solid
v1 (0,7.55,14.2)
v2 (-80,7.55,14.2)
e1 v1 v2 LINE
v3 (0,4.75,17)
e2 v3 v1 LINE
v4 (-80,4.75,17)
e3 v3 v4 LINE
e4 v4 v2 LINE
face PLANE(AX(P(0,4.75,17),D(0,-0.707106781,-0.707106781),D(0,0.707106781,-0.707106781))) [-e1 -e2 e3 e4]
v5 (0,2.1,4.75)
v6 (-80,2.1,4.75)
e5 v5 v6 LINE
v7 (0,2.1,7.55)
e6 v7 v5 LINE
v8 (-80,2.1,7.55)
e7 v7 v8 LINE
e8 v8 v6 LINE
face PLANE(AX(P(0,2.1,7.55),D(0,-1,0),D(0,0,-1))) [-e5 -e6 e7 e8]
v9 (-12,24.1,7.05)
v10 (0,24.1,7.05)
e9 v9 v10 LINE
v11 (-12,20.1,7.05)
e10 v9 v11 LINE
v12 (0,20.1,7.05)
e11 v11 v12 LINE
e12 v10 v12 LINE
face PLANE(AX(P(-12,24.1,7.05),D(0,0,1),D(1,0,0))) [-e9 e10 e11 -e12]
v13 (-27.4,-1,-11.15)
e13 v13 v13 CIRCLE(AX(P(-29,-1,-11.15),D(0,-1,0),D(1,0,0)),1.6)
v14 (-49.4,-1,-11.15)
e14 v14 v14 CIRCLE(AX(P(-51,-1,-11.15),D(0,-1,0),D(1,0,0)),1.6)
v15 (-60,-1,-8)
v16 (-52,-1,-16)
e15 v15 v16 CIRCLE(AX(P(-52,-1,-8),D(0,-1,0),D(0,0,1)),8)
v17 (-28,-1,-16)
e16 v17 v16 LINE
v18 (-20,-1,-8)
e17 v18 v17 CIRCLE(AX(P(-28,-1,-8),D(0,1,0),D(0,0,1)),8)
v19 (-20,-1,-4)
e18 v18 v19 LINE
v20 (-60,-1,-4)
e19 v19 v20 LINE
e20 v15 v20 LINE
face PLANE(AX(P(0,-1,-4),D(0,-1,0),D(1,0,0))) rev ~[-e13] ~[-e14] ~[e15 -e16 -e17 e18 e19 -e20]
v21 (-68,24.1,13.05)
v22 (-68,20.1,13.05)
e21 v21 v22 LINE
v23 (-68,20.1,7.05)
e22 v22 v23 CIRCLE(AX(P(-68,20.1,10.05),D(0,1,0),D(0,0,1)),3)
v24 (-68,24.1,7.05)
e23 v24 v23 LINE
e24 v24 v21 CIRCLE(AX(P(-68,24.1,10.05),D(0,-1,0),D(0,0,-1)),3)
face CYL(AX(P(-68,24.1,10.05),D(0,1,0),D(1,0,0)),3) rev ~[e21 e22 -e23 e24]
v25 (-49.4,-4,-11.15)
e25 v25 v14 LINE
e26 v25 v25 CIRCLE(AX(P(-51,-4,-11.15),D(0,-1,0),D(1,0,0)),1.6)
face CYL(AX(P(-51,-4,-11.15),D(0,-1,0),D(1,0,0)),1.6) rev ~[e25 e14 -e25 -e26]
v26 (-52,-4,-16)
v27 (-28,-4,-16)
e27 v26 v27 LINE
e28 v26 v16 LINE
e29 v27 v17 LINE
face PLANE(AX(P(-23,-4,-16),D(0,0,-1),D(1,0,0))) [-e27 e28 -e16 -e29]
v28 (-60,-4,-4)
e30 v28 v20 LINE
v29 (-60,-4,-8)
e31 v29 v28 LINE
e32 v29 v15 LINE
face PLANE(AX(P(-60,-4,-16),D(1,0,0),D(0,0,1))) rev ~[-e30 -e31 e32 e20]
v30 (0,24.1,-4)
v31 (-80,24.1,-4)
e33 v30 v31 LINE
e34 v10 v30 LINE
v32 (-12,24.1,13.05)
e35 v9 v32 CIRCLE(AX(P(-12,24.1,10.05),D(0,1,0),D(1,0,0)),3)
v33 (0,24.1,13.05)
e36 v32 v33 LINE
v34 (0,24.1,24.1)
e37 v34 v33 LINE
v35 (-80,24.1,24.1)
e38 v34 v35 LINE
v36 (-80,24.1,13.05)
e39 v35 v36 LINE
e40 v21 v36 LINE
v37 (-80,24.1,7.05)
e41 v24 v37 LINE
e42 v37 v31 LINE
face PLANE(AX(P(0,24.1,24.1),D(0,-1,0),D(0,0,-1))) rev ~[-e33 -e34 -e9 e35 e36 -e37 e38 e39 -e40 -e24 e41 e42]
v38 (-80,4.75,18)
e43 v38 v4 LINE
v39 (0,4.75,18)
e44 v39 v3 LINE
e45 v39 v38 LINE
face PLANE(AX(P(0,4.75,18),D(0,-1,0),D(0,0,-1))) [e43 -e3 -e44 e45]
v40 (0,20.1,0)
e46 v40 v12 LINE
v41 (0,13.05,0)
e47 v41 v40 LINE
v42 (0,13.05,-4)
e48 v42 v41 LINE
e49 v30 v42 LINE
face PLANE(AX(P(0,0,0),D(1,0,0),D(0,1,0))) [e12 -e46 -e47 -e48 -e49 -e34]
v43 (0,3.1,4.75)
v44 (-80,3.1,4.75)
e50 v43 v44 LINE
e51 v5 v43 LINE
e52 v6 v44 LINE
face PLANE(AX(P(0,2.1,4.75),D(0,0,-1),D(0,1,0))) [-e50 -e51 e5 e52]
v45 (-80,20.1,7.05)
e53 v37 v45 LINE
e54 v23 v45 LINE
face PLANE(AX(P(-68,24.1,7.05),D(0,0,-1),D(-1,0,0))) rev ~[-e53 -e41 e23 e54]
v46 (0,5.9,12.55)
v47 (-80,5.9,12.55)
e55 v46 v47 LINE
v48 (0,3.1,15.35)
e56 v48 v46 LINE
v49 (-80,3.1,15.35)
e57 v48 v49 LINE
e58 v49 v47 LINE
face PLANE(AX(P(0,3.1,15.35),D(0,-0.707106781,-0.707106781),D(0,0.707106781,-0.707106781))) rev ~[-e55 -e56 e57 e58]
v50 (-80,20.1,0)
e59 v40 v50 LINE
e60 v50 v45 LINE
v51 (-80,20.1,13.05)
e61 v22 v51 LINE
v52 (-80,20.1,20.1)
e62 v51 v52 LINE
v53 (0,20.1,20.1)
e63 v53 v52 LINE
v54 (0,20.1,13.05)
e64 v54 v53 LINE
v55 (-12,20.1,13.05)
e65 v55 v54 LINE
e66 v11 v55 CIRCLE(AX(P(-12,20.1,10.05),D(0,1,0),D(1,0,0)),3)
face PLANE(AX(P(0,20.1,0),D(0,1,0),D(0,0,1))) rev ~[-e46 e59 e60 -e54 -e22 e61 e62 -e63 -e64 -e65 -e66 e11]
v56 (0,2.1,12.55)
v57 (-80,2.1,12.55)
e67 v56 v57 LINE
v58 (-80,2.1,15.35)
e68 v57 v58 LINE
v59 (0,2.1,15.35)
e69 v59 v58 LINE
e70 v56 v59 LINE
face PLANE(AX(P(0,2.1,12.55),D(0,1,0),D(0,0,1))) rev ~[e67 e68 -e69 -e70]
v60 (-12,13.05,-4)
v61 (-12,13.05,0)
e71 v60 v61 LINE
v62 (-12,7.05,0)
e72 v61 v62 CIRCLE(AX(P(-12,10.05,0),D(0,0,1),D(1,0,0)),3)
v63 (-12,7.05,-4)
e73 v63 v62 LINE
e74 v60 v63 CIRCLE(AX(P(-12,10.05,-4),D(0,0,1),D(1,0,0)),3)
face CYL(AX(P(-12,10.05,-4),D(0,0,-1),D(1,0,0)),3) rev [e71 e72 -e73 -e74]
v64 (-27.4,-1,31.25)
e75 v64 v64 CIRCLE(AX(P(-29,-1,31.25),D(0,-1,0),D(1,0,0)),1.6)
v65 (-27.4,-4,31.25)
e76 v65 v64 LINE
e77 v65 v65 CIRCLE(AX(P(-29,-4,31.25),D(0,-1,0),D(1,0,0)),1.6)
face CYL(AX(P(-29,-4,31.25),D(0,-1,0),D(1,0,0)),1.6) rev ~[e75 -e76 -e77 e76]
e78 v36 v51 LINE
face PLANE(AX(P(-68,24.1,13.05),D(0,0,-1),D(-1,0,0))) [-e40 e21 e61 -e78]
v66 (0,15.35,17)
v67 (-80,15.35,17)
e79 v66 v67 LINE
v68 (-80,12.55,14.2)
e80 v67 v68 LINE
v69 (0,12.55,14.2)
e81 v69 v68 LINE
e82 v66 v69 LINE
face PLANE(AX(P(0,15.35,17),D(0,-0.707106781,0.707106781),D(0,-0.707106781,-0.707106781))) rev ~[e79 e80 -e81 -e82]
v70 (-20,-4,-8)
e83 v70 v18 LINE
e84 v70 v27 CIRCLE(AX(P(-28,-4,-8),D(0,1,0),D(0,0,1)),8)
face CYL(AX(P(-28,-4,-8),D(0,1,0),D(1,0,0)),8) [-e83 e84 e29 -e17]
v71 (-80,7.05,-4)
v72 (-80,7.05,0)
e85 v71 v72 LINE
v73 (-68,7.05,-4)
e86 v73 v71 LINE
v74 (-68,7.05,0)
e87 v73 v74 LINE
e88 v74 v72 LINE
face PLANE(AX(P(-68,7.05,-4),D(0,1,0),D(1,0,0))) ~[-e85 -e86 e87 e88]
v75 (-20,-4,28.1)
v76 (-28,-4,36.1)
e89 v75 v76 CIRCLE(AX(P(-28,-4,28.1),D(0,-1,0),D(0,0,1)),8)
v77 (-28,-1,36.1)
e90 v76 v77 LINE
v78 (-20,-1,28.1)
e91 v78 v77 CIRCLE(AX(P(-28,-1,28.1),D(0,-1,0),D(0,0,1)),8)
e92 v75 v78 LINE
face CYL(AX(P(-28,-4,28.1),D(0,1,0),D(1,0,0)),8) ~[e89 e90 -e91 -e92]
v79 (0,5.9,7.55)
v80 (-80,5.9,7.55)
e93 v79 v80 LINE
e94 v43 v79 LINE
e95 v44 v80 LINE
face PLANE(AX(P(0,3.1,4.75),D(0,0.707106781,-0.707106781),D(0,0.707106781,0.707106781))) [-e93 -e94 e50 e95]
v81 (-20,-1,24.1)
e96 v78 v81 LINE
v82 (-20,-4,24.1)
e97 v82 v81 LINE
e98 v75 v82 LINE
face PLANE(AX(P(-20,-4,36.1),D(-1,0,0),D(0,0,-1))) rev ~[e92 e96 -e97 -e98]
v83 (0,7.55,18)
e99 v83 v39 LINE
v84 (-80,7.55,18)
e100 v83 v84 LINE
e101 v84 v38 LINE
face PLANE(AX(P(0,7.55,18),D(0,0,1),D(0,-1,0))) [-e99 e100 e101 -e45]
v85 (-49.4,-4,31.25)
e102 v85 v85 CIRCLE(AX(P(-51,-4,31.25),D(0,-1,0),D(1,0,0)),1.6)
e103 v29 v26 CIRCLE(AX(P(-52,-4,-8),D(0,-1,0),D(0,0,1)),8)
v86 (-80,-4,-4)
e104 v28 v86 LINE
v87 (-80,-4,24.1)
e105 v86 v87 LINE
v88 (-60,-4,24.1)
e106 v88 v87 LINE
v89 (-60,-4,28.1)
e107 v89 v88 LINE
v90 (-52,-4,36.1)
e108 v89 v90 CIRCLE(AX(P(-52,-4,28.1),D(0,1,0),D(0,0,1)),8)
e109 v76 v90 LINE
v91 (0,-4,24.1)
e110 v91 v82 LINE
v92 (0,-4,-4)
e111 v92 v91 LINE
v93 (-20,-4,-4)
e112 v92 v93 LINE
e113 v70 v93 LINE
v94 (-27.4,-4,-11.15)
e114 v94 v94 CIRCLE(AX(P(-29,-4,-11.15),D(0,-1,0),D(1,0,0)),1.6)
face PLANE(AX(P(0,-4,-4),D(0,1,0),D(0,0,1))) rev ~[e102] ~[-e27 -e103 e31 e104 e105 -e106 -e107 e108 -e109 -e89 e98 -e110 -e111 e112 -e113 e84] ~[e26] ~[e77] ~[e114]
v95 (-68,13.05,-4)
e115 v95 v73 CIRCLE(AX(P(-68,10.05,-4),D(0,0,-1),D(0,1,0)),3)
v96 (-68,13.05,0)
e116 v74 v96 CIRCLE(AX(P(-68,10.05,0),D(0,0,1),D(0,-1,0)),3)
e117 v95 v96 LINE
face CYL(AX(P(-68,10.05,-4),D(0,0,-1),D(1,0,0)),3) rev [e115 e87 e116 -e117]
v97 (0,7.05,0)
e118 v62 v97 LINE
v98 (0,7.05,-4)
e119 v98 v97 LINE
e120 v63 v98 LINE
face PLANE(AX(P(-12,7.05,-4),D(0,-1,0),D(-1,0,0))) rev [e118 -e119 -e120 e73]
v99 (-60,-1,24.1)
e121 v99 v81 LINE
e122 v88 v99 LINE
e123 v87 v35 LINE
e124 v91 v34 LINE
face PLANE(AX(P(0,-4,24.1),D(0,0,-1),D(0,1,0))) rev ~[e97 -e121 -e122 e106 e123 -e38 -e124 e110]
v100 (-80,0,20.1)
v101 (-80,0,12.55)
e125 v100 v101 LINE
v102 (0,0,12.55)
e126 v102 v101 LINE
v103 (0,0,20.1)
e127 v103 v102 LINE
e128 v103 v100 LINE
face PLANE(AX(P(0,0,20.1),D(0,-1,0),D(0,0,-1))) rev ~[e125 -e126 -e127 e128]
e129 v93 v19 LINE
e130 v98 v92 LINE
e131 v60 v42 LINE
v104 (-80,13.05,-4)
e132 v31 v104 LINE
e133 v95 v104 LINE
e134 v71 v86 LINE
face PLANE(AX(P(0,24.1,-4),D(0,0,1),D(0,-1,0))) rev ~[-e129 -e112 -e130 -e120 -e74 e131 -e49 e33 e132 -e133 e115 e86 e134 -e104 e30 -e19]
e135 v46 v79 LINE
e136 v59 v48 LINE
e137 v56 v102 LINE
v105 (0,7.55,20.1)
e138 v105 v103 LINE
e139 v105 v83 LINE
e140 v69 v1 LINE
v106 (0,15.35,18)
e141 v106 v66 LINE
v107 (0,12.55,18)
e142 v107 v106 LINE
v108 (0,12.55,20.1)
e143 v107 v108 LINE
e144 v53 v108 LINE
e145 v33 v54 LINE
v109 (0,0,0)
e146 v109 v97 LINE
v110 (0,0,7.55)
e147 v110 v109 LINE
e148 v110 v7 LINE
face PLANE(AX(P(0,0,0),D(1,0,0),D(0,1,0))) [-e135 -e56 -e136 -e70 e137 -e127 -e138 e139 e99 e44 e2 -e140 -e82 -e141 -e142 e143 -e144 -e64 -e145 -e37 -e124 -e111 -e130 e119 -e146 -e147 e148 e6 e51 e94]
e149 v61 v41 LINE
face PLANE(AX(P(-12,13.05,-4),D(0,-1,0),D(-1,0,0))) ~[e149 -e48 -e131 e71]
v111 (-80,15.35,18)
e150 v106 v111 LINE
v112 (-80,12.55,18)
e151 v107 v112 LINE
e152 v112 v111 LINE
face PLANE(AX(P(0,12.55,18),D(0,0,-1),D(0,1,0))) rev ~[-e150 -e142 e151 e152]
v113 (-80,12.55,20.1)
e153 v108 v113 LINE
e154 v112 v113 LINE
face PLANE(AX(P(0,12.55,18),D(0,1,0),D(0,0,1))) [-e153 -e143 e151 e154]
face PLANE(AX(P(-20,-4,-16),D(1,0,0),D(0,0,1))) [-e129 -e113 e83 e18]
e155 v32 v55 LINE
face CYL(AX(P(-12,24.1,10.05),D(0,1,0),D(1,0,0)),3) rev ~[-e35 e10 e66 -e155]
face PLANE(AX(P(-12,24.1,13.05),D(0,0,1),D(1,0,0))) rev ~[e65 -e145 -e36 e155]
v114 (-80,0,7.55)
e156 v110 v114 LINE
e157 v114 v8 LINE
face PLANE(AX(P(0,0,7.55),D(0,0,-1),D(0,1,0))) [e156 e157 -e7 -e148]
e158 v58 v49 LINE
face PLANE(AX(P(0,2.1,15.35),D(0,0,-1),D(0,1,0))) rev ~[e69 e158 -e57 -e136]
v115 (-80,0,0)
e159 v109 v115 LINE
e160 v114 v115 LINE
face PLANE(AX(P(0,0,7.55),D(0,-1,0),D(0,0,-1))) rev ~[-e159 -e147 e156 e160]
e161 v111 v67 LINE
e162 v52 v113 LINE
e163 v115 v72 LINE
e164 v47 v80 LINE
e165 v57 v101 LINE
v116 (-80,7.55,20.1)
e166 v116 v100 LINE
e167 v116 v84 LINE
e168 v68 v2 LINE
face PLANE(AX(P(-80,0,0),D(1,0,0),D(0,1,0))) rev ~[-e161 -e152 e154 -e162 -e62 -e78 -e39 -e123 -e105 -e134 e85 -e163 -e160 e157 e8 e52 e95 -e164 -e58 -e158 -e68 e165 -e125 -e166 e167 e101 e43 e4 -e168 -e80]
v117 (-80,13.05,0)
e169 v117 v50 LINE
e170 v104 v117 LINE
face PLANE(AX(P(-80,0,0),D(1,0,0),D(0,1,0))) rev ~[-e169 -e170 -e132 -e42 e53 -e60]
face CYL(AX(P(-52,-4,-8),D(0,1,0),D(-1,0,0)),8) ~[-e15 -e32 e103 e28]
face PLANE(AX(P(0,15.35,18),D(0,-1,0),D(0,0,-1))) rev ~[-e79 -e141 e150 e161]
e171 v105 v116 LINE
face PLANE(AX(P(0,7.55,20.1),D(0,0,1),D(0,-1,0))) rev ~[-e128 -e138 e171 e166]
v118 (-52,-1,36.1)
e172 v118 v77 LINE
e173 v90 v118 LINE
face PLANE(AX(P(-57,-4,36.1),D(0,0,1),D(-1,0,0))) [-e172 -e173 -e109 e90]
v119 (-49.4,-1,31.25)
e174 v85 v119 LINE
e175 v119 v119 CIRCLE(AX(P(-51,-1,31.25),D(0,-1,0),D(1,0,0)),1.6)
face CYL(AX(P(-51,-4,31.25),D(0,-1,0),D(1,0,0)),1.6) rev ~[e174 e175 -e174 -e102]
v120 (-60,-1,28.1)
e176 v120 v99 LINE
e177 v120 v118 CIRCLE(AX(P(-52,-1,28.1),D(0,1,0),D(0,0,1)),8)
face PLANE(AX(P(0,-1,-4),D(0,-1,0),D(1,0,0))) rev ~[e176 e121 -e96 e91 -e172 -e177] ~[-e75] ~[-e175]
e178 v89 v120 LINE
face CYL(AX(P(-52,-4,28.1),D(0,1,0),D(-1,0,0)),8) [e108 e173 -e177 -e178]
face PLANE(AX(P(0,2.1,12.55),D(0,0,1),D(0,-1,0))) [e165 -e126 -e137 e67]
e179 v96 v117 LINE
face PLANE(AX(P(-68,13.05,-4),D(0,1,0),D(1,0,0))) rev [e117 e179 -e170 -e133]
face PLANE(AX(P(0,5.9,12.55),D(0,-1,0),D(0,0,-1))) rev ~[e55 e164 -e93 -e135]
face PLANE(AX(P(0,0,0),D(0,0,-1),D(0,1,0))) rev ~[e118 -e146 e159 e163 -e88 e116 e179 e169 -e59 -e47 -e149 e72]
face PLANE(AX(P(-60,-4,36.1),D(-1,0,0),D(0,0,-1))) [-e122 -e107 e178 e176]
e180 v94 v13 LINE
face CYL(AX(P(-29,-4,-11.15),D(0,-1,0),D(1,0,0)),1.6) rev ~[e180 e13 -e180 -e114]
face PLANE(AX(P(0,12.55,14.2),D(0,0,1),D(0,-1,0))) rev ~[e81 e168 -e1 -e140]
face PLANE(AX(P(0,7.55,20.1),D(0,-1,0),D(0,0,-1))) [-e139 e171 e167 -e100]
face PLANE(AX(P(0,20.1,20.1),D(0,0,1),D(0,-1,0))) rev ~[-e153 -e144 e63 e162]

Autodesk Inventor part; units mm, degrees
ref_plane "YZ Plane" through (0, 0, 0) normal (1, 0, 0) x (0, 1, 0)
ref_plane "XZ Plane" through (0, 0, 0) normal (0, 1, 0) x (-1, 0, 0)
ref_plane "XY Plane" through (0, 0, 0) normal (0, 0, 1) x (1, 0, 0)
sketch "Sketch1" plane through (0, 0, 0) normal (1, 0, 0) x (0, 1, 0)
  line L0 (0, 0) -> (20.1, 0)
  line L1 (20.1, 0) -> (20.1, 20.1)
  line L2 (20.1, 20.1) -> (0, 20.1)
  line L3 (0, 20.1) -> (0, 0)
  line L4 (-4, 24.1) -> (24.1, 24.1)
  line L5 (24.1, 24.1) -> (24.1, -4)
  line L6 (24.1, -4) -> (-4, -4)
  line L7 (-4, -4) -> (-4, 24.1)
  line L8 (12.55, 22.2) -> (7.55, 22.2)
  line L9 (7.55, 22.2) -> (7.55, 18)
  line L10 (7.55, 18) -> (12.55, 18)
  line L11 (12.55, 18) -> (12.55, 22.2)
  line L12 (12.55, 22.2) -> (7.55, 18) construction
  line L13 (7.55, 22.2) -> (12.55, 18) construction
  line L14 (12.55, 18) -> (15.35, 18)
  line L15 (15.35, 18) -> (15.35, 17)
  line L16 (15.35, 17) -> (12.55, 14.2)
  line L17 (12.55, 14.2) -> (7.55, 14.2)
  line L18 (7.55, 18) -> (4.75, 18)
  line L19 (4.75, 18) -> (4.75, 17)
  line L20 (4.75, 17) -> (7.55, 14.2)
  line L21 (2.1, 15.35) -> (3.1, 15.35)
  line L22 (3.1, 4.75) -> (5.9, 7.55)
  line L23 (2.1, 4.75) -> (3.1, 4.75)
  line L24 (-2.1, 12.55) -> (-2.1, 7.55)
  line L25 (2.1, 12.55) -> (-2.1, 12.55)
  line L26 (-2.1, 12.55) -> (2.1, 7.55) construction
  line L27 (-2.1, 7.55) -> (2.1, 12.55) construction
  line L28 (2.1, 7.55) -> (2.1, 4.75)
  line L29 (-2.1, 7.55) -> (2.1, 7.55)
  line L30 (2.1, 7.55) -> (2.1, 12.55)
  line L31 (5.9, 12.55) -> (5.9, 7.55)
  line L32 (2.1, 12.55) -> (2.1, 15.35)
  line L33 (3.1, 15.35) -> (5.9, 12.55)
  point P0 (10.05, 20.1)
  point P1 (0, 10.05)
  point P2 (10.05, 20.1)
  point P3 (0, 10.05)
  point P4 (0, 7.55)
  point P5 (0, 12.55)
  point P6 (7.55, 20.1)
  point P7 (12.55, 20.1)
  dimension "d0" = 20.1
  dimension "d1" = 20.1
  dimension "d2" = 4
  dimension "d3" = 5
  dimension "d4" = 4.2
  dimension "d5" = 2.8
  dimension "d6" = 1
  dimension "d7" = 3.8
  dimension "d8" = 2.8
  dimension "d9" = 5
  dimension "d10" = 1
  dimension "d11" = 135
  dimension "d12" = 5
  dimension "d13" = 4.2
  dimension "d14" = 2.8
  dimension "d15" = 1
  dimension "d16" = 3.8
  dimension "d17" = 2.8
  dimension "d18" = 5
  dimension "d19" = 1
  dimension "d20" = 135
  dimension "d21" = 7.55
  dimension "d22" = 2.1
  dimension "d23" = 90
  dimension "d24" = 7.55
  dimension "d25" = 2.1
  dimension "d26" = 90
extrude "Extrusion1" add sketch "Sketch1" against normal blind 80 contours L29 L24 L25 L3 | L3 L25 L30 L29 | L30 L32 L21 L33 L31 L22 L23 L28 | L11 L10 L9 L2 | L2 L9 L8 L11 | L14 L15 L16 L17 L20 L19 L18 L10 | L4 L5 L6 L7
sketch "Sketch2" plane through (0, -4, -4) normal (0, -1, 0) x (1, 0, 0)
  line L0 (0, 28.1) -> (0, 0) projected
  line L1 (0, 28.1) -> (-80, 28.1) projected
  line L2 (-80, 0) -> (-80, 28.1) projected
  line L3 (0, 0) -> (-80, 0) projected
  line L4 (-80, 0) -> (0, 28.1) construction
  line L5 (-80, 28.1) -> (0, 0) construction
  line L6 (-51, 35.25) -> (-51, -7.15) construction
  line L7 (-51, -7.15) -> (-29, -7.15) construction
  line L8 (-29, -7.15) -> (-29, 35.25) construction
  line L9 (-29, 35.25) -> (-51, 35.25) construction
  line L10 (-51, 35.25) -> (-29, -7.15) construction
  line L11 (-51, -7.15) -> (-29, 35.25) construction
  circle A0 centre (-29, 35.25) radius 1.6
  circle A1 centre (-29, -7.15) radius 1.6
  circle A2 centre (-51, 35.25) radius 1.6
  circle A3 centre (-51, -7.15) radius 1.6
  line L12 (-23, 28.1) -> (-57, 28.1)
  line L13 (-57, 40.1) -> (-23, 40.1)
  line L14 (-23, 0) -> (-57, 0)
  line L15 (-57, -12) -> (-23, -12)
  line L16 (-57, -12) -> (-60, -12)
  line L17 (-23, -12) -> (-20, -12)
  line L18 (-20, -12) -> (-20, 0)
  line L19 (-60, -12) -> (-60, 0)
  line L20 (-23, 40.1) -> (-20, 40.1)
  line L21 (-20, 40.1) -> (-20, 28.1)
  line L22 (0, 28.1) -> (-80, 28.1) projected
  line L23 (-57, 40.1) -> (-60, 40.1)
  line L24 (-60, 40.1) -> (-60, 28.1)
  point P0 (0, 4)
  point P1 (-40, 14.05)
  dimension "d29" = 42.4
  dimension "d31" = 22
  dimension "d32" = 3.2
  dimension "d35" = 42.4
  dimension "d38" = 22
  dimension "d41" = 34
  dimension "d42" = 12
  dimension "d44" = 12
  dimension "d46" = 34
  dimension "d59" = 3
  dimension "d60" = 3
  dimension "d61" = 3
  dimension "d62" = 3
extrude "Extrusion2" add sketch "Sketch2" against normal blind 3 contours L18 L17 L15 L16 L19 L3
sketch "Sketch3" plane through (0, 24.1, 24.1) normal (0, 1, 0) x (1, 0, 0)
  line L0 (0, 28.1) -> (0, 0) projected
  line L1 (0, 28.1) -> (-80, 28.1) projected
  line L2 (-80, 0) -> (-80, 28.1) projected
  line L3 (0, 0) -> (-80, 0) projected
  line L4 (0, 16.55) -> (0, 11.55) construction
  line L5 (0, 14.05) -> (-80, 14.05) construction
  line L6 (-80, 28.1) -> (-80, 0) construction
  circle A0 centre (-12, 14.05) radius 3
  circle A1 centre (-68, 14.05) radius 3
  line L7 (-68, 17.05) -> (-80, 17.05)
  line L8 (-68, 11.05) -> (-80, 11.05)
  line L9 (-12, 17.05) -> (0, 17.05)
  line L10 (0, 19.35) -> (0, 16.55) projected
  line L11 (-12, 11.05) -> (0, 11.05)
  line L12 (0, 8.75) -> (0, 11.55) projected
  point P0 (0, 24.1)
  point P1 (0, 11.05)
  point P2 (-80, 11.05)
  dimension "d49" = 6
  dimension "d50" = 6
  dimension "d51" = 12
  dimension "d52" = 12
  dimension "d53" = 6
  dimension "d54" = 6
extrude "Extrusion3" cut sketch "Sketch3" against normal up to surface (4 mm away) contours L0 L11 A0 L9 | L7 A1 L8 L2 | A0 | A1
ref_plane "Work Plane1" through (0, 24.1, -4) normal (0, -0.7071, -0.7071) x (-1, 0, 0)
mirror "Mirror1" about plane through (0, 24.1, -4) normal (0, -0.7071, -0.7071) of "Extrusion3"
extrude "Extrusão4" add sketch "Sketch2" against normal blind 3 contours L1 L24 L23 L13 L20 L21
fillet "Arredondamento3" radius 8 4 edges at (-60, -2.5, 36.1) (-20, -2.5, 36.1) (-20, -2.5, -16) (-60, -2.5, -16)
equation "\"d8\" = d5"
equation "\"d9\" = d3"
equation "\"d10\" = d6"
equation "\"d17\" = d14"
equation "\"d18\" = d12"
equation "\"d19\" = d15"
properties part number "cameraSlider2"
